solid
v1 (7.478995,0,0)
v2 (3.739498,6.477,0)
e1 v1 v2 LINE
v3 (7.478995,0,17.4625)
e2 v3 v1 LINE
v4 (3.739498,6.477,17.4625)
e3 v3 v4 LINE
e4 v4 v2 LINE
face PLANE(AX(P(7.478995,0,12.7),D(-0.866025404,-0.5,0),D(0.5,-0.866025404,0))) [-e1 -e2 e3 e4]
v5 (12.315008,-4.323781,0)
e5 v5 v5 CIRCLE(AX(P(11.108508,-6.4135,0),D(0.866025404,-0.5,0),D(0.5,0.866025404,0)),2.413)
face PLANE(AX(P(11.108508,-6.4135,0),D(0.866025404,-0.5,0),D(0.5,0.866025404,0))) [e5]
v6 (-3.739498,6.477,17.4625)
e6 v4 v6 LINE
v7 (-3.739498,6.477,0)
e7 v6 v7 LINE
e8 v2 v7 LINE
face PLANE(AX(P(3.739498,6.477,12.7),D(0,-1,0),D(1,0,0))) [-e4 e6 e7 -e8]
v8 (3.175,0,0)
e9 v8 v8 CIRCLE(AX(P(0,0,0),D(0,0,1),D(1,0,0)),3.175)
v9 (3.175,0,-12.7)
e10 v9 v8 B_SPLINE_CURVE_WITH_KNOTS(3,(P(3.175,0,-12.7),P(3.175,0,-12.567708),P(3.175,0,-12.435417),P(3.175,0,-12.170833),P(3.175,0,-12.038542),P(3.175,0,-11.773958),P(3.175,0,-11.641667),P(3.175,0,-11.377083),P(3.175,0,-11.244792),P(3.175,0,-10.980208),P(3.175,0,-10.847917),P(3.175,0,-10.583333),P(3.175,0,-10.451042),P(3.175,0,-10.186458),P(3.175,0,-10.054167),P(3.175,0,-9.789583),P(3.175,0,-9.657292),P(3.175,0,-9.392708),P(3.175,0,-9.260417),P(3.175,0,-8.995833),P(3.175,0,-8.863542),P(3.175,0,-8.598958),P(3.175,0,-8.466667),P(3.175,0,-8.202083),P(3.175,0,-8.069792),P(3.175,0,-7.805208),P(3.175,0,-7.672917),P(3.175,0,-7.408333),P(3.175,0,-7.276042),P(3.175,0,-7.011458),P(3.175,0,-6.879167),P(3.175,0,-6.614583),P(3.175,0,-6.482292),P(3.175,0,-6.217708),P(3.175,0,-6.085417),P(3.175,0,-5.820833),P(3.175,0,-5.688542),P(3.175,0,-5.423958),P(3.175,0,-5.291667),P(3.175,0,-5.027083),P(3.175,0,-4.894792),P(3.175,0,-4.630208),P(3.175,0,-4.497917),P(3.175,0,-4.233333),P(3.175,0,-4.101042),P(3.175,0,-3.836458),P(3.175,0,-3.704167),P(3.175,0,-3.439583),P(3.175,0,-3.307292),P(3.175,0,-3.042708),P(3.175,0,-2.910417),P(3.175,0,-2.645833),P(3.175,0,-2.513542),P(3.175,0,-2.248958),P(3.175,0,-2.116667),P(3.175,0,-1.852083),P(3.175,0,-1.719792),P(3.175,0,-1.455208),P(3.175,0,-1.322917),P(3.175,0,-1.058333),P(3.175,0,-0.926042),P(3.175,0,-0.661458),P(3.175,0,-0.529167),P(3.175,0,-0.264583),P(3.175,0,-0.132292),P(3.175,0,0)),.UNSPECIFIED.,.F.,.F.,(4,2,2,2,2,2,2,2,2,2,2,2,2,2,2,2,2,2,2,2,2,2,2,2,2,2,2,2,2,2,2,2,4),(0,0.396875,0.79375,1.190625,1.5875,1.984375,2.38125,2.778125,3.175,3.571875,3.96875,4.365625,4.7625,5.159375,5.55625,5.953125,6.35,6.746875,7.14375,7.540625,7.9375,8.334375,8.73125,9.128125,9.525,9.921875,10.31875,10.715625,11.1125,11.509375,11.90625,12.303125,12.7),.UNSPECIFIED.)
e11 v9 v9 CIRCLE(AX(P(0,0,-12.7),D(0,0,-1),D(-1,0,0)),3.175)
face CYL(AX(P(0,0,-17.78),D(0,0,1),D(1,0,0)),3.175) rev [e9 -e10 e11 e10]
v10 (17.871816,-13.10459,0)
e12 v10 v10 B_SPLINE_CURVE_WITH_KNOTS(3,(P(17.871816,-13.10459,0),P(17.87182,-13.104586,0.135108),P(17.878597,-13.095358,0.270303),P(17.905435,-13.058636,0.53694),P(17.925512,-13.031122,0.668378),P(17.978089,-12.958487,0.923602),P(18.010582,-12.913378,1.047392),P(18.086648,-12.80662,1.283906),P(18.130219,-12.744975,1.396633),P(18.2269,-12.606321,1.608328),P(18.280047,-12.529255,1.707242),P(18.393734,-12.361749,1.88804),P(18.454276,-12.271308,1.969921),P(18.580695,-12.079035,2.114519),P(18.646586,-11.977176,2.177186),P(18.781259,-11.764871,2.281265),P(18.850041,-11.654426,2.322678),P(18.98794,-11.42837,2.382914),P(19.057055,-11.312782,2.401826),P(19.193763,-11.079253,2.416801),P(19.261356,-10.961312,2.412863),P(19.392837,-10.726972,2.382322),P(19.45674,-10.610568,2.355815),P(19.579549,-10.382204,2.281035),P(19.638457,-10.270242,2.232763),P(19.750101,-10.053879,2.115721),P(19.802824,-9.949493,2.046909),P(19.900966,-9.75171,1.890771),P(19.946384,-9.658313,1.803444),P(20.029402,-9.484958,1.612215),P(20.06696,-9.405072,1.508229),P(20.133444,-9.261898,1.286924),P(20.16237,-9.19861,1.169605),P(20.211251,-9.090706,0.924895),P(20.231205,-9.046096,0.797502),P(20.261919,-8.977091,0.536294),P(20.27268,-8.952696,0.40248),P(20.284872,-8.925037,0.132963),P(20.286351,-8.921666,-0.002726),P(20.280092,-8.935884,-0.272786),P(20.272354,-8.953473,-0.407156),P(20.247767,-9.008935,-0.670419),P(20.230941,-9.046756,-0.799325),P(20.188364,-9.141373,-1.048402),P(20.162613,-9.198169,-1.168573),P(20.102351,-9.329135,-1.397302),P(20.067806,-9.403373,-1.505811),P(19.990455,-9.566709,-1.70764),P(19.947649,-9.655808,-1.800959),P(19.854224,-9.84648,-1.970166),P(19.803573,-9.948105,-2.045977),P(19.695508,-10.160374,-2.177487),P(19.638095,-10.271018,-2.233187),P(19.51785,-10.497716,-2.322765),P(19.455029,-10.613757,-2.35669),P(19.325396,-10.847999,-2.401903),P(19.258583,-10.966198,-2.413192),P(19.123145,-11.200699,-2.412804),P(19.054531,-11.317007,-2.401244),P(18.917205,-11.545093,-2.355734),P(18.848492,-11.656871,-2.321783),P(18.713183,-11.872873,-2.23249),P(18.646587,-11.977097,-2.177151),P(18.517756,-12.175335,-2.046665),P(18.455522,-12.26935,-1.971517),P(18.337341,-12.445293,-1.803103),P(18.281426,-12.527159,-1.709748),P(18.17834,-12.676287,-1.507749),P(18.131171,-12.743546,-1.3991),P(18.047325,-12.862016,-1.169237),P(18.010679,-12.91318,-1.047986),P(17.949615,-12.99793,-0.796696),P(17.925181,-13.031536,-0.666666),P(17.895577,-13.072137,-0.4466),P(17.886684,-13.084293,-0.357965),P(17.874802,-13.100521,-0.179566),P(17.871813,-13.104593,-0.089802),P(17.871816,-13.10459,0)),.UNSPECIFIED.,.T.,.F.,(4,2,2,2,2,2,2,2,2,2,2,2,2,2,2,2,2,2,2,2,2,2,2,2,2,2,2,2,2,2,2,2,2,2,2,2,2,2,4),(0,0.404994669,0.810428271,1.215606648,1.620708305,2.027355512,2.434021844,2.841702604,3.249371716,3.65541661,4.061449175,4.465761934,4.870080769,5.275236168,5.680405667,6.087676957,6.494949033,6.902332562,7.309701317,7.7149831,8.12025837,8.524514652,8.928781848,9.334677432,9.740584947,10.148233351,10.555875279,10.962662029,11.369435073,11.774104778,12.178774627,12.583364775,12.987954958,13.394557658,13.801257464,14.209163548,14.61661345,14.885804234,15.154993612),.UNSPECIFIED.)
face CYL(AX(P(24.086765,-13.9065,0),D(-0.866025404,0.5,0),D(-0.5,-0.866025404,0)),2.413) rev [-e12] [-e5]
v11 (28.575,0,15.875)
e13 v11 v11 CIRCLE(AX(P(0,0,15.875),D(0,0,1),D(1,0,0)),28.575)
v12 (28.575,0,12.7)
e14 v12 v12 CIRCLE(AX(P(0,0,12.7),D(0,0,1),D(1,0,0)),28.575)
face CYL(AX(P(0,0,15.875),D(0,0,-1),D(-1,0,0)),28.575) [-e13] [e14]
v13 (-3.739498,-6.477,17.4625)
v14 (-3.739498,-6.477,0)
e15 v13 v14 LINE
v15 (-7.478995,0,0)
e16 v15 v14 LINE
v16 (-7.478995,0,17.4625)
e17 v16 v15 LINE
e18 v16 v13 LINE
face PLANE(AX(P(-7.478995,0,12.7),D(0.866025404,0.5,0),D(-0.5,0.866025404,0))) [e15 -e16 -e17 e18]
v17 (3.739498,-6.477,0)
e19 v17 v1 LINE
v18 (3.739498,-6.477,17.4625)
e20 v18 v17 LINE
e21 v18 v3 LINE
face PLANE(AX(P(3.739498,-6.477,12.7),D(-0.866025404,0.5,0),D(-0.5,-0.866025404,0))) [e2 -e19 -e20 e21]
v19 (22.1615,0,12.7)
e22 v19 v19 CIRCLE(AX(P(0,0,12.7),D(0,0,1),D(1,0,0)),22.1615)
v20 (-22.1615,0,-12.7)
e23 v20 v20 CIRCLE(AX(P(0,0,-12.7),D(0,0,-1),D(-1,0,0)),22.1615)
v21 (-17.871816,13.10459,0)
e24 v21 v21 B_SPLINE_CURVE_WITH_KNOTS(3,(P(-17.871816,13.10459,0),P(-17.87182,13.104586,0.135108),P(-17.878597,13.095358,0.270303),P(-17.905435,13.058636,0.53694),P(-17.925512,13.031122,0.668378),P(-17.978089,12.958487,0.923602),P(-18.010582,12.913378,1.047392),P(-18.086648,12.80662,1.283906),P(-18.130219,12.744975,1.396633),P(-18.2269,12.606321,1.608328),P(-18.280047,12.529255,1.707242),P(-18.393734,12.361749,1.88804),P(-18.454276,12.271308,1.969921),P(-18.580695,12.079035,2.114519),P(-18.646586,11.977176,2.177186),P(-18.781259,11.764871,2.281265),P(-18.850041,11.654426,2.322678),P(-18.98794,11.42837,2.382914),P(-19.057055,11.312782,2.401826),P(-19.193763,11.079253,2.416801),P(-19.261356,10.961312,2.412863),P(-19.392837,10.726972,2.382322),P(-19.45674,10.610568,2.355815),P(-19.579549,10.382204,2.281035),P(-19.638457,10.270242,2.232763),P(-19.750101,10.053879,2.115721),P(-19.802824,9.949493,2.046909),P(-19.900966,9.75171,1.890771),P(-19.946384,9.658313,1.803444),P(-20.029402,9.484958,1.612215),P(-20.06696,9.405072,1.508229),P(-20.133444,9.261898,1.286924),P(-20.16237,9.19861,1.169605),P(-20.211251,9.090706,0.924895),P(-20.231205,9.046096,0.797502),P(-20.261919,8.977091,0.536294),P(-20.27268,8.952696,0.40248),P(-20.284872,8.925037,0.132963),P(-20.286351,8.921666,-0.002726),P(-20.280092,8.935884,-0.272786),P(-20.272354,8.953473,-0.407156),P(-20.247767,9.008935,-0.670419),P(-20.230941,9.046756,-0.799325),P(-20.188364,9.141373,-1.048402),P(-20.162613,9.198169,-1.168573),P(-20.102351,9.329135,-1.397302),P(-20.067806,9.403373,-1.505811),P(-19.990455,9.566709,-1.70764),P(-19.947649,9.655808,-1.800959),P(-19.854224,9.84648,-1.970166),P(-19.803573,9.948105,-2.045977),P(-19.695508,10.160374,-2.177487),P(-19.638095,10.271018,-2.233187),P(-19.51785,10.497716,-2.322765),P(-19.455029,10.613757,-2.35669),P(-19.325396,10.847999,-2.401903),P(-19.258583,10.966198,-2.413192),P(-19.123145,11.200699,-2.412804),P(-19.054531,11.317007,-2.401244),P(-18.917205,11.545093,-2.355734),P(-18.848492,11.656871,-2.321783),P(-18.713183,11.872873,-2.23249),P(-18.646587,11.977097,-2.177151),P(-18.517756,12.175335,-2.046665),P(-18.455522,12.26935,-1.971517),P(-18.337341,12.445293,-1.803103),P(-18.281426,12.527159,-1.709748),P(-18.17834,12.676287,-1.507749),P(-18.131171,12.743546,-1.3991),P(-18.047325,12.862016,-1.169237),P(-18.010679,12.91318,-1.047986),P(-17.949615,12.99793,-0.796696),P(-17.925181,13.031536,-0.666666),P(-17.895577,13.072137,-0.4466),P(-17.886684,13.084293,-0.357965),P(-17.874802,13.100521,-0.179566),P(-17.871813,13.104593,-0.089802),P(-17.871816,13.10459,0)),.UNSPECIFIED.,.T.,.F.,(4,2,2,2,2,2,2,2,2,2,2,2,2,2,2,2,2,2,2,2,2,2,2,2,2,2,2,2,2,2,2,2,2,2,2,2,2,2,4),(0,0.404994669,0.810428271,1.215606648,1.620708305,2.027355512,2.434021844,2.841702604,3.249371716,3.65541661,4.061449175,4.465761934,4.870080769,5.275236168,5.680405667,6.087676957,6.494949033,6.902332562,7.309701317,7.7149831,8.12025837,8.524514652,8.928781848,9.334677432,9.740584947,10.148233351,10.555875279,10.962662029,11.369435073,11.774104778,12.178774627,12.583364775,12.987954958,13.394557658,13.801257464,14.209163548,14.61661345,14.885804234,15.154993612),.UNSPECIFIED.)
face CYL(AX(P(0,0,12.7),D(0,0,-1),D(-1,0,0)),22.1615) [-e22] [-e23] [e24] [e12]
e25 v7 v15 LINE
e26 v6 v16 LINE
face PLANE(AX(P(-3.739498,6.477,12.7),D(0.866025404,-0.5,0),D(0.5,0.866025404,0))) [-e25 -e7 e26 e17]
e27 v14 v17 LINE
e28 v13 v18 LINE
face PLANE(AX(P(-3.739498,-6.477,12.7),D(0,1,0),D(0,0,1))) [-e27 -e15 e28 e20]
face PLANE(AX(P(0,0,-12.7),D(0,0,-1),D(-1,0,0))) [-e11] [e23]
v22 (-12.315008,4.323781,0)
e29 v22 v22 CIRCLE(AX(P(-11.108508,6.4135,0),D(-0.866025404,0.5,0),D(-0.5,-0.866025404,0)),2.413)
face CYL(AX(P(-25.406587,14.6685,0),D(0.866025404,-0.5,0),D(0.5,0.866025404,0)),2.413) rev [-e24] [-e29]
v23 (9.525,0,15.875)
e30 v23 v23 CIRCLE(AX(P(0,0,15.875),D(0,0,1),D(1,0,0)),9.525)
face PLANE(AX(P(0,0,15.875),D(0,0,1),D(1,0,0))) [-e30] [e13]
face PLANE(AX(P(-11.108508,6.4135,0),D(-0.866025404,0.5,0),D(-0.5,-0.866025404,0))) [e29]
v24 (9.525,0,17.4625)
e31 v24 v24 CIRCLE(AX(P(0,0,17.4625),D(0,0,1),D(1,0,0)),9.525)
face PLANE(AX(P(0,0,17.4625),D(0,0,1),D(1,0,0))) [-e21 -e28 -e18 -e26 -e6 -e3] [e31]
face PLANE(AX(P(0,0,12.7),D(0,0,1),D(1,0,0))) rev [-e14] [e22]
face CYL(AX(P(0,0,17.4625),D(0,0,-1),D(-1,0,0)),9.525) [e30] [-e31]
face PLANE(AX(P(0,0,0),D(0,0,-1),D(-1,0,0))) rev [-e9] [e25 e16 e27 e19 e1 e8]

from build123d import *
from build123d.topology import SkipClean

# Parameters (mm, degrees)
SKETCH1_R           = 22.1615
BOSS_EXTRUDE1_DEPTH = 12.7
SKETCH2_R           = 28.575
BOSS_EXTRUDE2_DEPTH = 3.175
BOSS_EXTRUDE3_START = 12.7
SKETCH3_R           = 22.1615
BOSS_EXTRUDE3_DEPTH = 12.7
SKETCH5_R           = 9.525
BOSS_EXTRUDE4_DEPTH = 1.5875
SKETCH6_R           = 3.175
CUT_EXTRUDE1_DEPTH  = 17.78
SKETCH8_R           = 2.413
CUT_EXTRUDE2_DEPTH  = 21.336
CUT_EXTRUDE3_START  = -22.86
SKETCH9_R           = 2.413
CUT_EXTRUDE3_DEPTH  = 22.86
BOSS_EXTRUDE6_START = 6.35
SKETCH10_R          = 2.413
BOSS_EXTRUDE6_DEPTH = 6.35
SKETCH11_R          = 2.413
BOSS_EXTRUDE7_DEPTH = 6.35


with BuildPart() as part:
    # Sketch1 → Boss-Extrude1 (new body)
    with BuildSketch(Plane.XY):
        Circle(SKETCH1_R)
        Polygon((7.478995387, 0), (3.739497694, 6.477), (-3.739497694, 6.477), (-7.478995387, 0), (-3.739497694, -6.477), (3.739497694, -6.477), align=None, mode=Mode.SUBTRACT)
    extrude(amount=BOSS_EXTRUDE1_DEPTH)

    # Sketch2 → Boss-Extrude2 (add)
    with BuildSketch(Plane.XY.offset(12.7)):
        Circle(SKETCH2_R)
        Polygon((7.478995387, 0), (3.739497694, 6.477), (-3.739497694, 6.477), (-7.478995387, 0), (-3.739497694, -6.477), (3.739497694, -6.477), align=None, mode=Mode.SUBTRACT)
    extrude(amount=BOSS_EXTRUDE2_DEPTH)

    # Sketch3 → Boss-Extrude3 (add)
    with BuildSketch(Plane(origin=(0, 0, 0), x_dir=(-1, 0, 0), z_dir=(0, 0, -1)).offset(BOSS_EXTRUDE3_START)):
        Circle(SKETCH3_R)
    extrude(amount=-BOSS_EXTRUDE3_DEPTH)

    # Sketch5 → Boss-Extrude4 (add)
    with BuildSketch(Plane.XY.offset(15.875)):
        Circle(SKETCH5_R)
        Polygon((7.478995387, 0), (3.739497694, 6.477), (-3.739497694, 6.477), (-7.478995387, 0), (-3.739497694, -6.477), (3.739497694, -6.477), align=None, mode=Mode.SUBTRACT)
    extrude(amount=BOSS_EXTRUDE4_DEPTH)

    # Sketch6 → Cut-Extrude1 (cut)
    with BuildSketch(Plane.XY):
        Circle(SKETCH6_R)
    extrude(amount=-CUT_EXTRUDE1_DEPTH, mode=Mode.SUBTRACT)

    # Sketch8 → Cut-Extrude2 (cut)
    with BuildSketch(Plane(origin=(5.60924654, -3.2385, 0), x_dir=(0, 0, 1), z_dir=(-0.8660254037844389, 0.4999999999999997, 0))):
        with Locations(Location((0, 0, 0), (0, 0, 270))):
            Circle(SKETCH8_R)
    extrude(amount=-CUT_EXTRUDE2_DEPTH, mode=Mode.SUBTRACT)

    # Sketch9 → Cut-Extrude3 (cut)
    with SkipClean():  # the faces are left unmerged after this step: merging them gives an invalid solid
        with BuildSketch(Plane(origin=(-5.60924654, 3.2385, 0), x_dir=(0, 0, -1), z_dir=(0.8660254037844386, -0.5000000000000001, 0)).offset(CUT_EXTRUDE3_START)):
            with Locations(Location((0, 0, 0), (0, 0, 270))):
                Circle(SKETCH9_R)
        extrude(amount=CUT_EXTRUDE3_DEPTH, mode=Mode.SUBTRACT)

    # Sketch10 → Boss-Extrude6 (add)
    with SkipClean():  # the faces are left unmerged after this step: merging them gives an invalid solid
        with BuildSketch(Plane(origin=(-5.60924654, 3.2385, 0), x_dir=(0, 0, 1), z_dir=(-0.8660254037844386, 0.5000000000000001, 0)).offset(BOSS_EXTRUDE6_START)):
            with Locations(Location((0, 0, 0), (0, 0, 270))):
                Circle(SKETCH10_R)
        extrude(amount=-BOSS_EXTRUDE6_DEPTH)

    # Sketch11 → Boss-Extrude7 (add)
    with SkipClean():  # the faces are left unmerged after this step: merging them gives an invalid solid
        with BuildSketch(Plane(origin=(5.60924654, -3.2385, 0), x_dir=(0, 0, -1), z_dir=(0.8660254037844388, -0.49999999999999983, 0))):
            with Locations(Location((0, 0, 0), (0, 0, 270))):
                Circle(SKETCH11_R)
        extrude(amount=BOSS_EXTRUDE7_DEPTH)


solid = part.part
